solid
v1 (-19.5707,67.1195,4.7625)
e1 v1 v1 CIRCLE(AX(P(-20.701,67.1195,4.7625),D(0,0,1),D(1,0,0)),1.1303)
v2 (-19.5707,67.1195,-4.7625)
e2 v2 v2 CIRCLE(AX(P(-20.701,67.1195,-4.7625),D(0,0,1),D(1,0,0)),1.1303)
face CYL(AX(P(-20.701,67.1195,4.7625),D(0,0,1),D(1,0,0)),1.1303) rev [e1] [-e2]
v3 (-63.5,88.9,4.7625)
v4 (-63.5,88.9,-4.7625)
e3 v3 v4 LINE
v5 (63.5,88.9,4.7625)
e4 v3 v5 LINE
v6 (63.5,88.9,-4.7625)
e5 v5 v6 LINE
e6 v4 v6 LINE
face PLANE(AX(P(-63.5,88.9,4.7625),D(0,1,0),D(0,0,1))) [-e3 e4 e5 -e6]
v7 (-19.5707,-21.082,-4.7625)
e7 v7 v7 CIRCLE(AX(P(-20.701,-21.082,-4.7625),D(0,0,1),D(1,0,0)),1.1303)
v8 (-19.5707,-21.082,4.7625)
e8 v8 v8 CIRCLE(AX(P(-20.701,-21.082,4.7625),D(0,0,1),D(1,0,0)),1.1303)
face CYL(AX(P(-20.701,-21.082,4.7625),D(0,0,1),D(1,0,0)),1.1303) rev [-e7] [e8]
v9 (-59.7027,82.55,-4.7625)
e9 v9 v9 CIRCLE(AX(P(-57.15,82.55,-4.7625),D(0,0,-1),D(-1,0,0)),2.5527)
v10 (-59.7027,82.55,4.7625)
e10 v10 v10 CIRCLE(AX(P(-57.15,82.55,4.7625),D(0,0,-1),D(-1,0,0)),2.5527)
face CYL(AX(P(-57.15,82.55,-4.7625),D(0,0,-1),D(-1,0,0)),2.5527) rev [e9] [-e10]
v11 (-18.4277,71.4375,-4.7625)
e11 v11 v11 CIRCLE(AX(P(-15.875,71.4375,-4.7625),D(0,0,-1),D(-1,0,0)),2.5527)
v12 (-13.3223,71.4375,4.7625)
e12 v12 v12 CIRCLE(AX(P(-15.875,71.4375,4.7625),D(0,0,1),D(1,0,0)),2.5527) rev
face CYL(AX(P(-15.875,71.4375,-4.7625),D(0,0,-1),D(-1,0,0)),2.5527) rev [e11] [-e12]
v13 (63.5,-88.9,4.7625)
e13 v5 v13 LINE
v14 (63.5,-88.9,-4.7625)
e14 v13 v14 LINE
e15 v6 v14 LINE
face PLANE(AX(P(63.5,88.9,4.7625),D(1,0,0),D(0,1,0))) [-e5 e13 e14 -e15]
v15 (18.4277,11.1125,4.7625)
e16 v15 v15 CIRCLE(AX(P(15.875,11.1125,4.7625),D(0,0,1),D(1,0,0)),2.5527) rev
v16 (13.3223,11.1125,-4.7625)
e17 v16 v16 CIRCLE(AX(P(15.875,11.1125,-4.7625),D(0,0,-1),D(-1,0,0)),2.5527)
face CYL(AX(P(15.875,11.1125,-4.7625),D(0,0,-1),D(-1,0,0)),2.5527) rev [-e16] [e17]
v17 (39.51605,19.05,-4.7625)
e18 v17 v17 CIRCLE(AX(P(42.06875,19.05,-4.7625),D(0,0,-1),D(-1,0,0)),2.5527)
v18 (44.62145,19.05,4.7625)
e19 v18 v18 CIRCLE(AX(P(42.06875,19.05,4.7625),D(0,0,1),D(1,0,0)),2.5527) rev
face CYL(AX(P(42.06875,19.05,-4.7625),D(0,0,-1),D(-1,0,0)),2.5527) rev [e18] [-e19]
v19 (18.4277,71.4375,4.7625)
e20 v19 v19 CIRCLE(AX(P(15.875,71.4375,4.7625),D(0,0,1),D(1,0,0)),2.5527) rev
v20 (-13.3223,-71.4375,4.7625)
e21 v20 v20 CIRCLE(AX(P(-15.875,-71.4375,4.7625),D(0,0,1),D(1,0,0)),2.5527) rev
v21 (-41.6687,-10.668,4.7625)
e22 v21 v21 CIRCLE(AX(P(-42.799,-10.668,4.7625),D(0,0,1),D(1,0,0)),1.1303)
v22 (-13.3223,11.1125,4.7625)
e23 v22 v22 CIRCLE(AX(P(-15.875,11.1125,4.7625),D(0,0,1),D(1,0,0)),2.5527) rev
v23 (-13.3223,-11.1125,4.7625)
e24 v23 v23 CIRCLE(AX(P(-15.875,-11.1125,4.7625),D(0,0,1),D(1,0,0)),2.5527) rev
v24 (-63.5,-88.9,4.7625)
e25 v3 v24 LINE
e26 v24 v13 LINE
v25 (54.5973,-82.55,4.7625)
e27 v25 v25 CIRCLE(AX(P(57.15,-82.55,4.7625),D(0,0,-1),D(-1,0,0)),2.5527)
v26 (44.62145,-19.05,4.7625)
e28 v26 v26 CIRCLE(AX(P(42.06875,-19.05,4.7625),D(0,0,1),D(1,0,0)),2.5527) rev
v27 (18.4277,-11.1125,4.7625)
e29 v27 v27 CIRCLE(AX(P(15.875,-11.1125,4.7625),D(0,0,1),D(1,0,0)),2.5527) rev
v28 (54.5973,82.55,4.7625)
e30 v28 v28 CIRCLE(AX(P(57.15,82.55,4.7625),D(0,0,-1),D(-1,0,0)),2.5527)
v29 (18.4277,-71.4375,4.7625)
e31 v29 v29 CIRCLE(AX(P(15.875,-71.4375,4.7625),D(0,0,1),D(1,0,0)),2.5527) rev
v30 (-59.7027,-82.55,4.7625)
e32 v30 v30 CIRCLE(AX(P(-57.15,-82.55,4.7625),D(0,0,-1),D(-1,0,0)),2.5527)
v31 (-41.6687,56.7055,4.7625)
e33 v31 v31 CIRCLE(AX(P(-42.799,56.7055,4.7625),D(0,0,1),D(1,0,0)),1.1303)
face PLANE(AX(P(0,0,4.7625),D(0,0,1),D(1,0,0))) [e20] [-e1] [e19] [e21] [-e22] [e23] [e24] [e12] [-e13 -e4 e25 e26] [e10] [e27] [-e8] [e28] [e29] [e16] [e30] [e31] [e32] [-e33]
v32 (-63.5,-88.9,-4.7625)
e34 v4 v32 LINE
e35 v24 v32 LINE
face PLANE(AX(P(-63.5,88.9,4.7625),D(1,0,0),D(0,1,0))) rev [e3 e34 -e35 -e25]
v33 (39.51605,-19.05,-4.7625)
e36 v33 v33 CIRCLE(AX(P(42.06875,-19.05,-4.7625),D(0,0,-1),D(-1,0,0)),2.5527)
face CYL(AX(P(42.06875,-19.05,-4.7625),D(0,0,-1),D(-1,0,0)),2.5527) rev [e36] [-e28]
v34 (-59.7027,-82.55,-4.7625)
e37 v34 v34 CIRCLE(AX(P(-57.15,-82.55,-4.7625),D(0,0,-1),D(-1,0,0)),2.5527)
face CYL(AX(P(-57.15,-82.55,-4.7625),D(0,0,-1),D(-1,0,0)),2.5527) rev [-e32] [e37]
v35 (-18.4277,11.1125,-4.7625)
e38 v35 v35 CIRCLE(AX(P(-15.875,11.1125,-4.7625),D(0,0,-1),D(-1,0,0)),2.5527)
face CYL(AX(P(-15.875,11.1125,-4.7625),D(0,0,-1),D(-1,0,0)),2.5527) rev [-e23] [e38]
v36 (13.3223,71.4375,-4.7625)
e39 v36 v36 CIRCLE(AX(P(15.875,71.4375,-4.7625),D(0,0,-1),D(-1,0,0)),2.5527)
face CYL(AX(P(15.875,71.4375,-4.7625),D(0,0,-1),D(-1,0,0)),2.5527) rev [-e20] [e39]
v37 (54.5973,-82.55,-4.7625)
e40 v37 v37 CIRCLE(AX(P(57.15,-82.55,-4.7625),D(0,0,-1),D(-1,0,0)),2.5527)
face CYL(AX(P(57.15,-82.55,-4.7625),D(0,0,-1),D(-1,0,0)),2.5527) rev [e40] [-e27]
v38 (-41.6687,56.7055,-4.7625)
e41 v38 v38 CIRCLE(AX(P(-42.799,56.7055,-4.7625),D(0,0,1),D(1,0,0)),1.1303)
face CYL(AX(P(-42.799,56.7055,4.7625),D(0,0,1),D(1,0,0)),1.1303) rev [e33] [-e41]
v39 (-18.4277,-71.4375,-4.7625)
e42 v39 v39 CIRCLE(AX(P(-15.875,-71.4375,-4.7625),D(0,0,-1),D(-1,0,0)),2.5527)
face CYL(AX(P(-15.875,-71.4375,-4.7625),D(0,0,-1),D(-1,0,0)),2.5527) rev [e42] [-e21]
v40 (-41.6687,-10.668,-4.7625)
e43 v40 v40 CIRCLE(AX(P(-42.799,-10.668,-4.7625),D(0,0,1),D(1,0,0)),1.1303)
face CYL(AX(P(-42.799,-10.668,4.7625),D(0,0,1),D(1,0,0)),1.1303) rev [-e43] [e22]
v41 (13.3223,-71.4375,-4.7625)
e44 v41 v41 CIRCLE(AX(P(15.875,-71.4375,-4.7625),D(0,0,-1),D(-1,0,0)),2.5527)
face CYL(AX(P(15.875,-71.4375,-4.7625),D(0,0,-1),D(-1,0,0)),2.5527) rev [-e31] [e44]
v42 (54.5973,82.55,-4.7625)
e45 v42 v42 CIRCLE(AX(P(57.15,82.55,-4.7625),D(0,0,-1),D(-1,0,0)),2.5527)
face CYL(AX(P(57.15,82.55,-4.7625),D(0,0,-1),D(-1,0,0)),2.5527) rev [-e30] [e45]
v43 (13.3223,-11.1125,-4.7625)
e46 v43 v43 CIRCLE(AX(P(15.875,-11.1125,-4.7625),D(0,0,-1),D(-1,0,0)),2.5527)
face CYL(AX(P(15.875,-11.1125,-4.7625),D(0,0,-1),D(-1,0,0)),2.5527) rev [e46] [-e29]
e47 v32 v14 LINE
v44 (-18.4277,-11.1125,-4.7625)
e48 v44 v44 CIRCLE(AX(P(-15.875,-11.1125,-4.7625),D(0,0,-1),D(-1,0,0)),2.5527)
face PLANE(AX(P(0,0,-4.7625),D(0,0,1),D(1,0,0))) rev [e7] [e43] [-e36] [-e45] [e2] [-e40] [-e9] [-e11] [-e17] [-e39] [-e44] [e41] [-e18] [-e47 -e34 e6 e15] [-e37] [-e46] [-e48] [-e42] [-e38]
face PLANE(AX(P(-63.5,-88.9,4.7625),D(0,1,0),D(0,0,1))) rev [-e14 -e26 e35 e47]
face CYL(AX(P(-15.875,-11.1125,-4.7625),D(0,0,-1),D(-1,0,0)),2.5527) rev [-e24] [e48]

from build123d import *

# Parameters (mm, degrees)
SKETCH1_W                         = 127
SKETCH1_H                         = 177.8
BOSS_EXTRUDE1_DEPTH               = 4.7625
F_10_CLEARANCE_HOLE1_D            = 5.1054
TAPPED_HOLE_FOR_10_32_HELICOIL1_D = 5.1054
TAPPED_HOLE_FOR_10_32_HELICOIL2_D = 5.1054
F_4_40_TAPPED_HOLE1_D             = 2.2606


with BuildPart() as part:
    # Sketch1 → Boss-Extrude1 (new, symmetric)
    with BuildSketch(Plane.XY):
        Rectangle(SKETCH1_W, SKETCH1_H)
    extrude(amount=BOSS_EXTRUDE1_DEPTH, both=True)

    # #10 Clearance Hole1 (through all)
    with Locations(Plane(origin=(0, 0, -4.7625), x_dir=(-1, 0, 0), z_dir=(0, 0, -1))):
        with Locations((-57.15, 82.55), (57.15, 82.55), (57.15, -82.55), (-57.15, -82.55)):
            Hole(F_10_CLEARANCE_HOLE1_D / 2)

    # Tapped Hole for #10-32 Helicoil1 (through all)
    with Locations(Plane(origin=(0, 0, -4.7625), x_dir=(-1, 0, 0), z_dir=(0, 0, -1))):
        with Locations((-15.875, 71.4375), (15.875, 11.1125), (-15.875, 11.1125), (15.875, 71.4375), (-15.875, -11.1125), (15.875, -71.4375), (-15.875, -71.4375), (15.875, -11.1125)):
            Hole(TAPPED_HOLE_FOR_10_32_HELICOIL1_D / 2)

    # Tapped Hole for #10-32 Helicoil2 (through all)
    with Locations(Plane(origin=(0, 0, -4.7625), x_dir=(-1, 0, 0), z_dir=(0, 0, -1))):
        with Locations((-42.06875, 19.05), (-42.06875, -19.05)):
            Hole(TAPPED_HOLE_FOR_10_32_HELICOIL2_D / 2)

    # #4-40 Tapped Hole1 (through all)
    with Locations(Plane.XY.offset(4.7625)):
        with Locations((-20.701, 67.1195), (-42.799, 56.7055), (-20.701, -21.082), (-42.799, -10.668)):
            Hole(F_4_40_TAPPED_HOLE1_D / 2)


solid = part.part
